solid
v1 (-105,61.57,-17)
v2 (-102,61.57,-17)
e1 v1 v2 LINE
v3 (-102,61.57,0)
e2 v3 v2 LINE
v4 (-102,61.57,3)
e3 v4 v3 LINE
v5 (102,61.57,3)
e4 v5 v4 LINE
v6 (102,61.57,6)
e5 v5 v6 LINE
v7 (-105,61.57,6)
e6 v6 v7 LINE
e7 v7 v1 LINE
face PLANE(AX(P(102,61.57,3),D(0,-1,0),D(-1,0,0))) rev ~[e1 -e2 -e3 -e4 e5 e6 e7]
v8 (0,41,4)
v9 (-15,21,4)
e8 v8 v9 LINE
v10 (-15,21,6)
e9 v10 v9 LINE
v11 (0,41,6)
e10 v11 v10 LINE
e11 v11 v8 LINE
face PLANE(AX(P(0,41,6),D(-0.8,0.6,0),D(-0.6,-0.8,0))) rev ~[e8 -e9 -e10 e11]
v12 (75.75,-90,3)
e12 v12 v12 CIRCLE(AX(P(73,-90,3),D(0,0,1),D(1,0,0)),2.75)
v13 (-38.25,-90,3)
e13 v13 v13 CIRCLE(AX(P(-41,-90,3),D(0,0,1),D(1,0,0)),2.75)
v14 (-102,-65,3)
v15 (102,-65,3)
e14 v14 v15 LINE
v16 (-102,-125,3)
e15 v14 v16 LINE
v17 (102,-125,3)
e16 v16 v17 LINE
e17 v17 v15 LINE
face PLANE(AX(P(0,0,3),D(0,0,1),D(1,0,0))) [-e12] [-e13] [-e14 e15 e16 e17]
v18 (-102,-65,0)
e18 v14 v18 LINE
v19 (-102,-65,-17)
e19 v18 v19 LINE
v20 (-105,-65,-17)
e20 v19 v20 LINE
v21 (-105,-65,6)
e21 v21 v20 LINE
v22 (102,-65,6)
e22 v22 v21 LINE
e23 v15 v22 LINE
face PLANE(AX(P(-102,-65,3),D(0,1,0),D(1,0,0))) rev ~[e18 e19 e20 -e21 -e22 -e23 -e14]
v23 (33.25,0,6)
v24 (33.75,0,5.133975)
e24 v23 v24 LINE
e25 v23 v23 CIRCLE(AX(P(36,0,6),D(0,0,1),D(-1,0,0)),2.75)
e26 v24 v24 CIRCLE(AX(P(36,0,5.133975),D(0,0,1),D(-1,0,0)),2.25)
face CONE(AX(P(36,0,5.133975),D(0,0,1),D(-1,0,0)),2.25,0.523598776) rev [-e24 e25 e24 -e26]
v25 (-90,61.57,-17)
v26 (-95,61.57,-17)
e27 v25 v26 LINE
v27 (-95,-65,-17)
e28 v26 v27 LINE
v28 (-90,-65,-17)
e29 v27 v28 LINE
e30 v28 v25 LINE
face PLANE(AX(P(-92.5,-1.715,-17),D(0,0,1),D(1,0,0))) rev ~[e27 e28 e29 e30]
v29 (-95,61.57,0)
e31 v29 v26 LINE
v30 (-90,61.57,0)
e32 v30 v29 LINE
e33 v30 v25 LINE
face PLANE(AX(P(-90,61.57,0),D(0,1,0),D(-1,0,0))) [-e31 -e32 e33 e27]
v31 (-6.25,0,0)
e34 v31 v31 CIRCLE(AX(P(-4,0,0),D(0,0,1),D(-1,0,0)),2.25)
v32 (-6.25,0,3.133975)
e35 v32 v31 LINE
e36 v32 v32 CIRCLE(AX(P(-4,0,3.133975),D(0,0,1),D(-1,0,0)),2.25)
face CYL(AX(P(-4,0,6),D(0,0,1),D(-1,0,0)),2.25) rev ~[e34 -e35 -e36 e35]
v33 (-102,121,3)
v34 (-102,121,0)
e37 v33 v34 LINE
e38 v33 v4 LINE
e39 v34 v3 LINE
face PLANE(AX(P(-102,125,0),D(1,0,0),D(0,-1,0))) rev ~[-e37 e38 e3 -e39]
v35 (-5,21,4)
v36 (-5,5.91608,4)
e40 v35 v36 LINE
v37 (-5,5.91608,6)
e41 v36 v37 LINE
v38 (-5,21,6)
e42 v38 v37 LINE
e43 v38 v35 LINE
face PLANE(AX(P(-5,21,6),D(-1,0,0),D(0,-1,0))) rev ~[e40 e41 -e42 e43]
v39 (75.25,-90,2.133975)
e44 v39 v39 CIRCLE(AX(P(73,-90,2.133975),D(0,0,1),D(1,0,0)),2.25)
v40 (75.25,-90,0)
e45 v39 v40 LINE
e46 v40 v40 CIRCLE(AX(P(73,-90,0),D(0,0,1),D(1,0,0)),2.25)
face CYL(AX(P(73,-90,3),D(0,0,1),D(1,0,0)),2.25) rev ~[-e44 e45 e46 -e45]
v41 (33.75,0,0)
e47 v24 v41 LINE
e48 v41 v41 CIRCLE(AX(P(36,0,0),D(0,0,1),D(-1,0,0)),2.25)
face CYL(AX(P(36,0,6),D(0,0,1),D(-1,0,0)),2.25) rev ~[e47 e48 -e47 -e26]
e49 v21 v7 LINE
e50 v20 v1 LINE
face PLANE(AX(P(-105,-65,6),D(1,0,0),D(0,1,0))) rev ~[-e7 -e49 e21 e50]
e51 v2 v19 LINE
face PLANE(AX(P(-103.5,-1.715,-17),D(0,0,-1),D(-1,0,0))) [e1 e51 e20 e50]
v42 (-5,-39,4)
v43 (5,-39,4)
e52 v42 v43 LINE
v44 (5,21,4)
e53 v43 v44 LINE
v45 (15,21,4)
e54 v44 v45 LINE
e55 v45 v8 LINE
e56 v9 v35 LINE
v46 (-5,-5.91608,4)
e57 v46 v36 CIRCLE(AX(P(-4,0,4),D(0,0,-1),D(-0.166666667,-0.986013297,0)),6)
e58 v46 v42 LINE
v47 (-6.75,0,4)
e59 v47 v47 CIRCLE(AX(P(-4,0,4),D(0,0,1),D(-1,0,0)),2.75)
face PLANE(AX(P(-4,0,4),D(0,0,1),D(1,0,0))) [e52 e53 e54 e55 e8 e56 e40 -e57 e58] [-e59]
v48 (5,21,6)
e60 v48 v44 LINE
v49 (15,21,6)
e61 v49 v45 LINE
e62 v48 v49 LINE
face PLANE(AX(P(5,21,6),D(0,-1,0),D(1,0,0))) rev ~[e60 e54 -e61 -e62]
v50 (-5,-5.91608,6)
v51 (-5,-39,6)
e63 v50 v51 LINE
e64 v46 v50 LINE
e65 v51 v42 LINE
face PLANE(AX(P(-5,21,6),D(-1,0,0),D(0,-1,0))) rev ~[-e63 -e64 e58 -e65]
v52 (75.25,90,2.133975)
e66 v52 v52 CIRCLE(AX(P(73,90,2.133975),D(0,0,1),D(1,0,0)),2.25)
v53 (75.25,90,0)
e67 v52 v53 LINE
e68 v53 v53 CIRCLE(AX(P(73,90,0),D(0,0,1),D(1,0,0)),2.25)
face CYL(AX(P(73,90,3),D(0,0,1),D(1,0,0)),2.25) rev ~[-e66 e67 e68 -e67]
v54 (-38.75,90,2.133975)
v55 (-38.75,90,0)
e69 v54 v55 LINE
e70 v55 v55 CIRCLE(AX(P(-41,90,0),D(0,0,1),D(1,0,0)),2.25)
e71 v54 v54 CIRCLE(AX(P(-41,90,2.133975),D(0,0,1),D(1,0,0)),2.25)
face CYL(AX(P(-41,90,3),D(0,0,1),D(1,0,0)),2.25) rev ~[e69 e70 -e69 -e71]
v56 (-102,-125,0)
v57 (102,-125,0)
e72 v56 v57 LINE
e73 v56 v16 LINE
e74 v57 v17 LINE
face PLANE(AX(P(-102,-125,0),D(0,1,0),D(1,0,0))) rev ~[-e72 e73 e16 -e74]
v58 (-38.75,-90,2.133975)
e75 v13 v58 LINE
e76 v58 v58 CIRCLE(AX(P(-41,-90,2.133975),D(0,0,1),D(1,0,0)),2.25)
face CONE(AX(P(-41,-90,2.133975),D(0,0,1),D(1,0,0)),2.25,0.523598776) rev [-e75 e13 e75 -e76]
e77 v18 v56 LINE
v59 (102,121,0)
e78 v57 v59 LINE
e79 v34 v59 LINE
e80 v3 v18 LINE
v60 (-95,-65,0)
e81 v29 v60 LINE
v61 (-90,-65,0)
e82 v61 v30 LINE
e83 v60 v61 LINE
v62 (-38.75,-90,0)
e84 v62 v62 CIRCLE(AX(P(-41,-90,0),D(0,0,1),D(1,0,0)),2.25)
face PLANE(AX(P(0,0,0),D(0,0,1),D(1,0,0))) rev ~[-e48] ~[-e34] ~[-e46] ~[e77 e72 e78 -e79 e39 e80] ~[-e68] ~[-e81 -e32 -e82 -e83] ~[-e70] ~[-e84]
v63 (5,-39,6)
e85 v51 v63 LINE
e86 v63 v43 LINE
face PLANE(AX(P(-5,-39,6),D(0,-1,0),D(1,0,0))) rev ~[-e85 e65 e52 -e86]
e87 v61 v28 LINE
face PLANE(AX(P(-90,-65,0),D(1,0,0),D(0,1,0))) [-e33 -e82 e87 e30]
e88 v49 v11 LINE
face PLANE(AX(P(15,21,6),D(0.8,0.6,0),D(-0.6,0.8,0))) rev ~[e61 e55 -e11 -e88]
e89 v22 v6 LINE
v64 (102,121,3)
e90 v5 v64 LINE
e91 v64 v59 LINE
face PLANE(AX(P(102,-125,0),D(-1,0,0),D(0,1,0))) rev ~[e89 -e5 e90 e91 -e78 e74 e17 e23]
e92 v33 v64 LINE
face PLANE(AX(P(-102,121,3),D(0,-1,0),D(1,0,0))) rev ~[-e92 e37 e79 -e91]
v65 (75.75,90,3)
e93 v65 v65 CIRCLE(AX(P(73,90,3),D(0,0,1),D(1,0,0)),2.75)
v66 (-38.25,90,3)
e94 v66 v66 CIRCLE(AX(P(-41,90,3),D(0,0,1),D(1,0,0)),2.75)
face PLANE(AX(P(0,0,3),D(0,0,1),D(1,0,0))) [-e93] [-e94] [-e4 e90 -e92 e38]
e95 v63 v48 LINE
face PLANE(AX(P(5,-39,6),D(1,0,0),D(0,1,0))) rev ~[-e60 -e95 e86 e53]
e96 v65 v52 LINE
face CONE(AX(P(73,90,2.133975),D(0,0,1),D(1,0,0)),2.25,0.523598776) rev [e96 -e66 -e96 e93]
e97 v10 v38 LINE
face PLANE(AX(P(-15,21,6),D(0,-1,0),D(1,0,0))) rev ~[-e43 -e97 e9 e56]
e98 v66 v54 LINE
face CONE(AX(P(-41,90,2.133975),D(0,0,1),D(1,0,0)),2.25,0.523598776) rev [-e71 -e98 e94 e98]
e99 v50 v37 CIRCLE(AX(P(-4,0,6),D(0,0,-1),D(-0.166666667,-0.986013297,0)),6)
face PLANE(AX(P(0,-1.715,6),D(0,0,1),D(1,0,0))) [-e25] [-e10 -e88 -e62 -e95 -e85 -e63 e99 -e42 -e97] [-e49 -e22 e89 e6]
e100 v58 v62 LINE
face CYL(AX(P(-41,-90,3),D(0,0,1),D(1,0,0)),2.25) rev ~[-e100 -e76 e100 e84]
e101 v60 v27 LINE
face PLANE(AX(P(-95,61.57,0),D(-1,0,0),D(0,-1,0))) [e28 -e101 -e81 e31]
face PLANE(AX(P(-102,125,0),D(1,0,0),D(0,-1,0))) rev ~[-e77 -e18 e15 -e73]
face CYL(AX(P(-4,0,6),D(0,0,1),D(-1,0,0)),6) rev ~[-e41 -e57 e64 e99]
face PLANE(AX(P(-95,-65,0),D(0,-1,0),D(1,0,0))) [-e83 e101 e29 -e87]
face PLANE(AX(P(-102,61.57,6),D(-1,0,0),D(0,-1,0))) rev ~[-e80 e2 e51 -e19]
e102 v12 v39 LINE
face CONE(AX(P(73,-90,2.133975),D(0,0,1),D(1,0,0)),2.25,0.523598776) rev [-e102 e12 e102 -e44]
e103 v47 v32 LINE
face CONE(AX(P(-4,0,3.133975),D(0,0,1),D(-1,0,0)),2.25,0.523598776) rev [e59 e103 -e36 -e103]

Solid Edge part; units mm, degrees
sketch "Sketch1" plane through (0, 0, 0) normal (0, 0, 1) x (1, 0, 0)
  line L0 (-102, -125) -> (102, -125)
  line L1 (102, -125) -> (102, 125)
  line L2 (102, 125) -> (-102, 125)
  line L3 (-102, 125) -> (-102, -125)
  dimension "D1" = 204
  dimension "D2" = 250
extrude "Protrusion1" add sketch "Sketch1" along normal blind 3
sketch "Sketch2" plane through (0, 0, 3) normal (0, 0, 1) x (1, 0, 0)
  circle A0 centre (73, 90) radius 2.25
  circle A1 centre (73, -90) radius 2.25
  circle A2 centre (-41, -90) radius 2.25
  circle A3 centre (-41, 90) radius 2.25
  dimension "D1" = 180
  dimension "D2" = 4.5
  dimension "D3" = 114
  dimension "D4" = 73
extrude "Cutout1" cut sketch "Sketch2" against normal through all
sketch "Sketch3" plane through (0, 0, 3) normal (0, 0, 1) x (1, 0, 0)
  line L0 (-102, -65) -> (102, -65)
  line L1 (102, -65) -> (102, 61.57)
  line L2 (102, 61.57) -> (-102, 61.57)
  line L3 (-102, 61.57) -> (-102, -65)
  dimension "D1" = 65
  dimension "D2" = 61.57
extrude "Extrusionsausprägung_2" add sketch "Sketch3" along normal blind 3
sketch "Sketch4" plane through (0, 93.285, 3) normal (0, 0, 1) x (-1, 0, 0)
  line L0 (-102, -31.715) -> (102, -31.715)
  line L1 (102, -31.715) -> (102, -27.715)
  line L2 (102, -27.715) -> (-102, -27.715)
  line L3 (-102, -27.715) -> (-102, -31.715)
  dimension "D1" = 4
extrude "Cutout2" cut sketch "Sketch4" against normal through all
sketch "Sketch5" plane through (0, -1.715, 6) normal (0, 0, 1) x (-1, 0, 0)
  line L0 (5, -22.715) -> (5, 37.285)
  line L1 (5, 37.285) -> (-5, 37.285)
  line L2 (-5, 37.285) -> (-5, -22.715)
  line L3 (-5, -22.715) -> (-15, -22.715)
  line L4 (-15, -22.715) -> (0, -42.715)
  line L5 (0, -42.715) -> (15, -22.715)
  line L6 (15, -22.715) -> (5, -22.715)
  dimension "D1" = 10
  dimension "D2" = 60
  dimension "D3" = 10
  dimension "D4" = 25
  dimension "D5" = 26
extrude "Cutout3" cut sketch "Sketch5" against normal blind 2
sketch "Sketch6" plane through (0, -1.715, 6) normal (0, 0, 1) x (-1, 0, 0)
  circle A0 centre (4, -1.715) radius 2.25
  circle A1 centre (-36, -1.715) radius 2.25
extrude "Cutout4" cut sketch "Sketch6" against normal through all
sketch "Sketch7" plane through (0, -1.715, 6) normal (0, 0, 1) x (-1, 0, 0)
  circle A0 centre (4, -1.715) radius 6
  dimension "D1" = 12
extrude "Cutout5" cut sketch "Sketch7" against normal up to vertex (2 mm away)
chamfer "Fase_2" distance 0.5 angle 60 6 edges at (70.75, -90, 3) (-43.25, -90, 3) (38.25, 0, 6) (-1.75, 0, 4) (-43.25, 90, 3) (70.75, 90, 3) measured on face at (-70.04, -42.6393, 6)
sketch "Sketch8" plane through (0, -1.715, 6) normal (0, 0, 1) x (-1, 0, 0)
  line L0 (102, 63.285) -> (105, 63.285)
  line L1 (105, 63.285) -> (105, -63.285)
  line L2 (105, -63.285) -> (102, -63.285)
  line L3 (102, -63.285) -> (102, 63.285)
  dimension "D1" = 3
extrude "Extrusionsausprägung_3" add sketch "Sketch8" against normal blind 23
sketch "Sketch9" plane through (0, -2, 0) normal (0, 0, -1) x (1, 0, 0)
  line L0 (-95, 63) -> (-90, 63)
  line L1 (-90, 63) -> (-90, -63.57)
  line L2 (-90, -63.57) -> (-95, -63.57)
  line L3 (-95, -63.57) -> (-95, 63)
  dimension "D1" = 5
  dimension "D2" = 7
extrude "Protrusion2" add sketch "Sketch9" along normal up to vertex (17 mm away)
properties material "Nylon, allgemein"
